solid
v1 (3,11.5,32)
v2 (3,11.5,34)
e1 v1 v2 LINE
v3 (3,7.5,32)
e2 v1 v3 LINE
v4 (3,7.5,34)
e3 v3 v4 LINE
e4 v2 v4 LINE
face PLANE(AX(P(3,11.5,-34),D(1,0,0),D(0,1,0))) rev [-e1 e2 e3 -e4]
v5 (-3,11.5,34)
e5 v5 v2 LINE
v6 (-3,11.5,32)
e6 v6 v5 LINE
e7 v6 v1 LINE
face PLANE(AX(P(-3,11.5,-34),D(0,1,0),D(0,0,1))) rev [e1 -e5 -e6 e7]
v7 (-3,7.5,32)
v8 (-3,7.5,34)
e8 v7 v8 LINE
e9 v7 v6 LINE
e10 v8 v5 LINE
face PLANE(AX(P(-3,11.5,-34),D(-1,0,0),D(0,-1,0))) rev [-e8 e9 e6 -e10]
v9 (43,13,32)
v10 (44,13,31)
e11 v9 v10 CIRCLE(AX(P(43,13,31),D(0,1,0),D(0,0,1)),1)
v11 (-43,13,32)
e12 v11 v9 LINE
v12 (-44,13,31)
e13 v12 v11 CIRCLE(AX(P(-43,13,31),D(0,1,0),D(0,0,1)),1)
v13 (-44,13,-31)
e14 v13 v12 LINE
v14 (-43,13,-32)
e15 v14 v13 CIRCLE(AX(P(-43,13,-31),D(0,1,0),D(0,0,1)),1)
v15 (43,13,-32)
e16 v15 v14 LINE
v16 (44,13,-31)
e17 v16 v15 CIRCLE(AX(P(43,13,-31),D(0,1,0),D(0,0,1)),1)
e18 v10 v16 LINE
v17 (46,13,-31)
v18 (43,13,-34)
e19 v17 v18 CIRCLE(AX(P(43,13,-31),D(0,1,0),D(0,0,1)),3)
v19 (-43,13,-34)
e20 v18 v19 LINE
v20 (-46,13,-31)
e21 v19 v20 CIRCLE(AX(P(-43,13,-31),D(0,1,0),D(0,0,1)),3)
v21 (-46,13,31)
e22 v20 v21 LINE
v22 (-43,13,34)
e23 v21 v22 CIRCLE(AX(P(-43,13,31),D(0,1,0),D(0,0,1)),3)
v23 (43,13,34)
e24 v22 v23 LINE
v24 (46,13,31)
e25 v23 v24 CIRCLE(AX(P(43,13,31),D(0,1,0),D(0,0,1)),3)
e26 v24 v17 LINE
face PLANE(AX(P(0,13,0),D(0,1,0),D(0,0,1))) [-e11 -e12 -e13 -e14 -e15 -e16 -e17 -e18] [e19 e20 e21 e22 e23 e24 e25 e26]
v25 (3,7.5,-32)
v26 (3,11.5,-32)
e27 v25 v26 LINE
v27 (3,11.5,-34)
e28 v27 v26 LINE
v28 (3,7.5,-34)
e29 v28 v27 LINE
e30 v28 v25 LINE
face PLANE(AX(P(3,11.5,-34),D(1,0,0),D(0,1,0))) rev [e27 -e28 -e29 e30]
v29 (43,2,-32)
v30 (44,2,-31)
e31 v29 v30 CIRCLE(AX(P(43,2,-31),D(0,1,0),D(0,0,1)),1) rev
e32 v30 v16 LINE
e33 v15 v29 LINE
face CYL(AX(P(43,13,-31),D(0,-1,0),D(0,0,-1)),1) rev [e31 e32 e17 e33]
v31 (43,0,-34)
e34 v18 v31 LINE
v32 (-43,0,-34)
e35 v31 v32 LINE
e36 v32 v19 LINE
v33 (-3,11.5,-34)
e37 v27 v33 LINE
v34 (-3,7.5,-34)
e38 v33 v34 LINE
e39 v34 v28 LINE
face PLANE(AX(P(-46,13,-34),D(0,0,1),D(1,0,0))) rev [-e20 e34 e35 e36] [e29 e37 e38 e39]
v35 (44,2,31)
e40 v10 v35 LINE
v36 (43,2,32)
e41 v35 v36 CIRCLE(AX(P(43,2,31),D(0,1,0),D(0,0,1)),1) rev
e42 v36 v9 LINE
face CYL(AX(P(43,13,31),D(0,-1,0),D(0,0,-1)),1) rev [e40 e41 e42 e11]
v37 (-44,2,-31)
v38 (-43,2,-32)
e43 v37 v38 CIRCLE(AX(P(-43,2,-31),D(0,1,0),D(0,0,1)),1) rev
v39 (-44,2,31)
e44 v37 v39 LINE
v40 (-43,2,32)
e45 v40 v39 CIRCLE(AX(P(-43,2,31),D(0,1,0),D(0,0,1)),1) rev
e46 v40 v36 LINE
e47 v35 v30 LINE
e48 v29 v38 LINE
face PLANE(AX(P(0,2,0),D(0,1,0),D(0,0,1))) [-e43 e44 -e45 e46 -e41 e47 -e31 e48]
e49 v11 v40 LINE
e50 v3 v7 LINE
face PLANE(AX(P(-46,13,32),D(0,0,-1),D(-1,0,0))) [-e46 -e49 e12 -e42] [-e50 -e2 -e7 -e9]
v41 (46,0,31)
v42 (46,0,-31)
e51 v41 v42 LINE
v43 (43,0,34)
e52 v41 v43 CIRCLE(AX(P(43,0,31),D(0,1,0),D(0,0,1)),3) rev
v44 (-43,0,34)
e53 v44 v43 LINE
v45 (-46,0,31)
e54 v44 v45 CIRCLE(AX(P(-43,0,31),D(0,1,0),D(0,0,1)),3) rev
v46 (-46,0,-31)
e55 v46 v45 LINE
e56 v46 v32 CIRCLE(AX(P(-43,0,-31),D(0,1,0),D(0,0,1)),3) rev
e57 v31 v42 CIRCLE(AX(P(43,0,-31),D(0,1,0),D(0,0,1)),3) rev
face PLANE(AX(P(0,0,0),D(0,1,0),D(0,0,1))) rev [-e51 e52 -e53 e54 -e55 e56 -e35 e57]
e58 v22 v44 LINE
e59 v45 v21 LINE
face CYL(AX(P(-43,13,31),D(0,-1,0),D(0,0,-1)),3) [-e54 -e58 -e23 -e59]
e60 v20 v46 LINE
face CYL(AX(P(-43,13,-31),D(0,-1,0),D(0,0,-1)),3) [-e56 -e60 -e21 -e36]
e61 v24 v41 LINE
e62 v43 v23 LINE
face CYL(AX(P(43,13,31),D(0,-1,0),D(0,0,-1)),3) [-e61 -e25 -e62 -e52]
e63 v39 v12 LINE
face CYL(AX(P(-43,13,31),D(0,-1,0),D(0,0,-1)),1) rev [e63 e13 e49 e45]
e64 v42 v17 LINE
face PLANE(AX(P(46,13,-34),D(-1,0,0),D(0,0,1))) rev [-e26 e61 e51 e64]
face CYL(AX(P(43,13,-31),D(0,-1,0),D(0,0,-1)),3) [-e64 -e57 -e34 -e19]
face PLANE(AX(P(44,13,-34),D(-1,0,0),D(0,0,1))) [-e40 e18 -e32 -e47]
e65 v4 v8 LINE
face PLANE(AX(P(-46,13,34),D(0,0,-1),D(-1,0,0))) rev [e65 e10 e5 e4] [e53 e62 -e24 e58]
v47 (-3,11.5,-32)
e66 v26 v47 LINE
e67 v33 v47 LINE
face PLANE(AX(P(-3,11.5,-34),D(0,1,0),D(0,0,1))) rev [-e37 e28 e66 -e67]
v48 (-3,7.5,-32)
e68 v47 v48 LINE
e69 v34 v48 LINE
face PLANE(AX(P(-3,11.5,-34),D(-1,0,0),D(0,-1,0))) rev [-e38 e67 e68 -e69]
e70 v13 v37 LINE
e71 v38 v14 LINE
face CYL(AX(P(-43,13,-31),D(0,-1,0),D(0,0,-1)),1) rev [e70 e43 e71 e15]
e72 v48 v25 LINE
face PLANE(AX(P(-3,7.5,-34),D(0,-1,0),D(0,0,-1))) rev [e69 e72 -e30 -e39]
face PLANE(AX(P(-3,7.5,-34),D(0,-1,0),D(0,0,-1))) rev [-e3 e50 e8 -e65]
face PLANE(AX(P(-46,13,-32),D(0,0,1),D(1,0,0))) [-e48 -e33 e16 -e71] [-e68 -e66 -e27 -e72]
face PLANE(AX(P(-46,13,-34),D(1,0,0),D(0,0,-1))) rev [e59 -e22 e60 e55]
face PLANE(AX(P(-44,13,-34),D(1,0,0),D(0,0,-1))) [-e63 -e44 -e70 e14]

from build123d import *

# Parameters (mm, degrees)
SKETCH1_W               = 92
SKETCH1_H               = 68
BOSS_EXTRUDE1_DEPTH     = 13
FILLET1_R               = 3
SHELL1_T                = -2
SKETCH2_W               = 6
SKETCH2_H               = 4
CUT_EXTRUDE1_DEPTH      = 1
CUT_EXTRUDE1_DEPTH_BACK = 69


with BuildPart() as part:
    # Sketch1 → Boss-Extrude1 (new body)
    with BuildSketch(Plane(origin=(0, 0, 0), x_dir=(1, 0, 0), z_dir=(0, 1, 0))):
        Rectangle(SKETCH1_W, SKETCH1_H)
    extrude(amount=BOSS_EXTRUDE1_DEPTH)

    # Fillet1
    fillet1_edges = [part.edges().sort_by_distance(p)[0] for p in [
        (46, 6.5, 34),
        (-46, 6.5, 34),
        (-46, 6.5, -34),
        (46, 6.5, -34),
    ]]
    fillet(fillet1_edges, radius=FILLET1_R)

    # Shell1
    shell1_openings = [part.faces().sort_by_distance(p)[0] for p in [
        (0, 13, 0),
    ]]
    offset(amount=SHELL1_T, openings=shell1_openings, kind=Kind.INTERSECTION)

    # Sketch2 → Cut-Extrude1 (cut, two sides)
    with BuildSketch(Plane.XY.offset(34)) as cut_extrude1_sk:
        with Locations((0, 9.5)):
            Rectangle(SKETCH2_W, SKETCH2_H)
    extrude(amount=CUT_EXTRUDE1_DEPTH, mode=Mode.SUBTRACT)
    extrude(cut_extrude1_sk.sketch, amount=-CUT_EXTRUDE1_DEPTH_BACK, mode=Mode.SUBTRACT)


solid = part.part
